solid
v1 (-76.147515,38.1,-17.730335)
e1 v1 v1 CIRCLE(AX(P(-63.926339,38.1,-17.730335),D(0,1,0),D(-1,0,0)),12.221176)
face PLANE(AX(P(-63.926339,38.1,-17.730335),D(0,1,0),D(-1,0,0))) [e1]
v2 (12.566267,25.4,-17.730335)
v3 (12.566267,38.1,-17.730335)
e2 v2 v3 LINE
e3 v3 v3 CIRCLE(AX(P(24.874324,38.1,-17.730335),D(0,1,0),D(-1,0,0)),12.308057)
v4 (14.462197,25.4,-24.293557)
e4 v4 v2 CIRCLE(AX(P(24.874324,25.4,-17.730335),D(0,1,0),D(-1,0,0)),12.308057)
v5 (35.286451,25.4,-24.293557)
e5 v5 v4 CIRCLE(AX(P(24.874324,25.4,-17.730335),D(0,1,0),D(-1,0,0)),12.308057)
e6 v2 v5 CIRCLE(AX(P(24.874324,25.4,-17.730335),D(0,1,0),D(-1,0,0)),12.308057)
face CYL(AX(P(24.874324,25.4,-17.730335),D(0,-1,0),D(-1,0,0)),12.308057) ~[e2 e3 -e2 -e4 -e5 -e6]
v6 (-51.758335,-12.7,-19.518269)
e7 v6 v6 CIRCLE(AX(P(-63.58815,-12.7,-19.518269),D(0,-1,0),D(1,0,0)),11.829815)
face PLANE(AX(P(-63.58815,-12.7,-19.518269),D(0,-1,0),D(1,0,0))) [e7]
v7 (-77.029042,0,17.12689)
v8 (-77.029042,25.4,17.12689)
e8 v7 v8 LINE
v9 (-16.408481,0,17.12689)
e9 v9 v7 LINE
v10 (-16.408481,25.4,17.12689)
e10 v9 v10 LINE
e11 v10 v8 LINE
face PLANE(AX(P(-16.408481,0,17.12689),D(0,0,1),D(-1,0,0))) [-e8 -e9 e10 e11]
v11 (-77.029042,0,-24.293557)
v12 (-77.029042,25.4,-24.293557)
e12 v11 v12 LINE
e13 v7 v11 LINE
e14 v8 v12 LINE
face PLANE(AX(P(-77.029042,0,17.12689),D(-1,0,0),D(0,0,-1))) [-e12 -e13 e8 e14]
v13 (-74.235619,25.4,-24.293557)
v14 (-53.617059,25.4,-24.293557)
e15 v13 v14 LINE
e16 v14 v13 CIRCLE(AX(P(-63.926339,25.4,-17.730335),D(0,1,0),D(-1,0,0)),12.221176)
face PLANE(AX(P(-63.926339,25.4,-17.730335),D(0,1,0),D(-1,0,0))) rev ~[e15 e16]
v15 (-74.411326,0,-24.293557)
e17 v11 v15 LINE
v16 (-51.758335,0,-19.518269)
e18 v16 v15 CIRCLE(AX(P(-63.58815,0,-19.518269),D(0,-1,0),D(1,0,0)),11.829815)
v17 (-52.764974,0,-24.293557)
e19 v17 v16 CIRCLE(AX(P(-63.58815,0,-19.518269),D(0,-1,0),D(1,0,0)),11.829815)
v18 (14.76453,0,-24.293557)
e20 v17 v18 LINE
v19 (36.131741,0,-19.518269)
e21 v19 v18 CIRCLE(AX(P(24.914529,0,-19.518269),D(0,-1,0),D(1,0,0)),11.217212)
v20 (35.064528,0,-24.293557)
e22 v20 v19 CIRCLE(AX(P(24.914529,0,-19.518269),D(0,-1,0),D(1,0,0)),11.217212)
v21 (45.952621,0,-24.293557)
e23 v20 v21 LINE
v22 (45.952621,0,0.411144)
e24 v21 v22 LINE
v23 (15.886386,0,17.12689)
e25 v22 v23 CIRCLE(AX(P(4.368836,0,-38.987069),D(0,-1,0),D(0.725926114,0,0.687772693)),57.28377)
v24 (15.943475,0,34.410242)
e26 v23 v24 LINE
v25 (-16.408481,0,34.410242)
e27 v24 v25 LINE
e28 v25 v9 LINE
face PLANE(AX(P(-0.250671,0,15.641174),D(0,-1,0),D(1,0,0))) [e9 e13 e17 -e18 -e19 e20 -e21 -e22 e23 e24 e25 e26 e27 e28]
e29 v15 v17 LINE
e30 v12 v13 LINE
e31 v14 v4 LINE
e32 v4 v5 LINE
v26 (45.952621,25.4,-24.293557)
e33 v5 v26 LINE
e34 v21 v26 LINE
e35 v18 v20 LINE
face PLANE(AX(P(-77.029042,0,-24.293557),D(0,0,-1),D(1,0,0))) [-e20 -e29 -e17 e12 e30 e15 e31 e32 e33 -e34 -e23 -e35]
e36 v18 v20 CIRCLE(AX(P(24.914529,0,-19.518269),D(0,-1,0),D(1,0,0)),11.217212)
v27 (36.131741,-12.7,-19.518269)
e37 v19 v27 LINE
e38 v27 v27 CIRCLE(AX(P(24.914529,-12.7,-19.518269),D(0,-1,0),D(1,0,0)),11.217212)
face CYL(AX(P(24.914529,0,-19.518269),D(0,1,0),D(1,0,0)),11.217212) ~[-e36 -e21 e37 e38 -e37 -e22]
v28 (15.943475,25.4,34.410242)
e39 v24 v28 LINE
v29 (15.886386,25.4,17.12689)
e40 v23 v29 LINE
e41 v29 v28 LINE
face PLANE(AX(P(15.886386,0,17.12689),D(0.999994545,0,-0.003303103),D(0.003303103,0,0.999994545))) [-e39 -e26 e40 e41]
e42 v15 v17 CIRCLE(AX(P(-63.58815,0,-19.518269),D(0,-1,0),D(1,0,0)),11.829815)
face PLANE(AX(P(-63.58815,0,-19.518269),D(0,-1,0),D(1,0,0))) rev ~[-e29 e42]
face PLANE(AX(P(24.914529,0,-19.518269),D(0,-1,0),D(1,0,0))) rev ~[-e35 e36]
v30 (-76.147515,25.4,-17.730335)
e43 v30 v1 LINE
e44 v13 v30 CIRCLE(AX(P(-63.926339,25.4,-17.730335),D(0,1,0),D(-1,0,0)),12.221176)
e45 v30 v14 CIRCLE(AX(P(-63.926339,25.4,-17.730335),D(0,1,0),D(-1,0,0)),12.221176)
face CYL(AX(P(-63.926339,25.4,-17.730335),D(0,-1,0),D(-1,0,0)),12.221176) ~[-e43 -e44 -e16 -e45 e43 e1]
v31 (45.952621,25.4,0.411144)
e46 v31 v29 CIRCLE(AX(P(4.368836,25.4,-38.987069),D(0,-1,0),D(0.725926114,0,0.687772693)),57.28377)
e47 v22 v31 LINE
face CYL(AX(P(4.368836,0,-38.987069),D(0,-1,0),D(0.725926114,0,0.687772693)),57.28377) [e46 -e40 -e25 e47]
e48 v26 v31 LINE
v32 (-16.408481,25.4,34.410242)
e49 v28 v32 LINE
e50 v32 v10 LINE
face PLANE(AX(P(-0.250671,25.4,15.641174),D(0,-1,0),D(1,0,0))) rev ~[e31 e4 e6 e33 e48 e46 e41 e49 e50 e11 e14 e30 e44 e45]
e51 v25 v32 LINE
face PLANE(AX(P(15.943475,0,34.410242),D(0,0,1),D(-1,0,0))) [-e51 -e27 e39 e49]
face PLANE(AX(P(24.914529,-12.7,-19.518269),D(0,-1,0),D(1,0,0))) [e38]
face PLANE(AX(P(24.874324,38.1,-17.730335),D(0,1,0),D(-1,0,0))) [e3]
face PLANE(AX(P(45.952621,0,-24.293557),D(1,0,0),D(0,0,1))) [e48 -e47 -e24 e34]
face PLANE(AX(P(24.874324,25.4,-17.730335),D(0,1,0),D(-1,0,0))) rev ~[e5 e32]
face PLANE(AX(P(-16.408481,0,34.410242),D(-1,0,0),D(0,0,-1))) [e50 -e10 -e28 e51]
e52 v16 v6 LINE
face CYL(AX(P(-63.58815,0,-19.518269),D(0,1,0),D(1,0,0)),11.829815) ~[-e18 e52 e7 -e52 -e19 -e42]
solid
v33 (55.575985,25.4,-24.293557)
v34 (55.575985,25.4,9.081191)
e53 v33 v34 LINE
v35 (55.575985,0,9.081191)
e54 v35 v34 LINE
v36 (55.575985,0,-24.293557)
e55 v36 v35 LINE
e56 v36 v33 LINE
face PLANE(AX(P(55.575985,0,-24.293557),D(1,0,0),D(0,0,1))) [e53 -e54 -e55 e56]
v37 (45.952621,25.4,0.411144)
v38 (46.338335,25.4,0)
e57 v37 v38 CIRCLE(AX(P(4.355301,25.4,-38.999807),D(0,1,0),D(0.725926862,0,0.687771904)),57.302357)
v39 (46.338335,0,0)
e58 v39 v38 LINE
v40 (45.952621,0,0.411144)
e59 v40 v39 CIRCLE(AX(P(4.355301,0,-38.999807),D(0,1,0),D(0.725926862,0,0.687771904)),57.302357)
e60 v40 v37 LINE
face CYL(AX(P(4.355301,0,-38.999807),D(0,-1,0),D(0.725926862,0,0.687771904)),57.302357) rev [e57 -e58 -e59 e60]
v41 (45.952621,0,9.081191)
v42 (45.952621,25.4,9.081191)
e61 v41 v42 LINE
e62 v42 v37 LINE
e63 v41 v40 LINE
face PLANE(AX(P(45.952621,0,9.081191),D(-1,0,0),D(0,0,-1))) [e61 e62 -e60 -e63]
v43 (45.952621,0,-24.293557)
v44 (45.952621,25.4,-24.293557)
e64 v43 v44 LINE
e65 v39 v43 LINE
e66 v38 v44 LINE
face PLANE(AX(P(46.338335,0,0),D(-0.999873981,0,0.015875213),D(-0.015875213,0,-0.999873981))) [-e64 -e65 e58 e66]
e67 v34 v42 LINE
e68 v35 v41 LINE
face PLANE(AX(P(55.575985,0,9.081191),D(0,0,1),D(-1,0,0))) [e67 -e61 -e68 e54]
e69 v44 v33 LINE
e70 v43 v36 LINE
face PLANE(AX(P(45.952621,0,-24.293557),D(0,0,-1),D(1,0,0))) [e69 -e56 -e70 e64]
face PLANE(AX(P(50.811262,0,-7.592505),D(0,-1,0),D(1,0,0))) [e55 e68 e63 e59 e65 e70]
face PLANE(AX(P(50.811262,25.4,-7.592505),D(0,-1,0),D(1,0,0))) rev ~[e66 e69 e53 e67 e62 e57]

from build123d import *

# Parameters (mm, degrees)
F0_R     = 15.308346
F1_DEPTH = 25.4
F2_R     = 11.829815
F2_R_2   = 11.217212
F3_DEPTH = 12.7
F4_R     = 12.308057
F4_R_2   = 12.221176
F5_DEPTH = 12.7


with BuildPart() as f1:
    # F0 (on Front) → F1 (new body)
    with BuildSketch(Plane.XZ):
        with BuildLine():
            Line((-16.408481, 34.410242), (-16.408481, 17.12689))
            ThreePointArc((-16.408481, 17.12689), (-0.261047, -9.847064), (15.886386, 17.12689))
            Line((15.886386, 17.12689), (15.943475, 34.410242))
            Line((15.943475, 34.410242), (-16.408481, 34.410242))
        make_face()
        with Locations((-0.261047, 8.473086)):
            Circle(F0_R, mode=Mode.SUBTRACT)
        with BuildLine():
            Line((-16.408481, 17.12689), (-77.029042, 17.12689))
            Line((-77.029042, 17.12689), (-77.029042, -24.293557))
            Line((-77.029042, -24.293557), (45.952621, -24.293557))
            Line((45.952621, -24.293557), (45.952621, 0.411144))
            ThreePointArc((45.952621, 0.411144), (32.203921, 11.079271), (15.886386, 17.12689))
            ThreePointArc((15.886386, 17.12689), (-0.261047, -9.847064), (-16.408481, 17.12689))
        make_face()
        with BuildLine():
            Line((46.338335, 0), (45.952621, -24.293557))
            Line((45.952621, -24.293557), (55.575985, -24.293557))
            Line((55.575985, -24.293557), (55.575985, 9.081191))
            Line((55.575985, 9.081191), (45.952621, 9.081191))
            Line((45.952621, 9.081191), (45.952621, 0.411144))
            ThreePointArc((45.952621, 0.411144), (46.145983, 0.206047), (46.338335, 0))
        make_face()
        with Locations((-0.261047, 8.473086)):
            Circle(F0_R)
    extrude(amount=-F1_DEPTH)

    # F2 (on Front) → F3 (join)
    with BuildSketch(Plane.XZ):
        with Locations((-63.58815, -19.518269)):
            Circle(F2_R)
        with Locations((24.914529, -19.518269)):
            Circle(F2_R_2)
    extrude(amount=F3_DEPTH)

    # F4 (on face) → F5 (join)
    with BuildSketch(Plane(origin=(0, 25.4, 0), x_dir=(-1, 0, 0), z_dir=(0, 1, 0))):
        with Locations((-24.874324, -17.730335)):
            Circle(F4_R)
        with Locations((63.926339, -17.730335)):
            Circle(F4_R_2)
    extrude(amount=F5_DEPTH)


solid = f1.part
